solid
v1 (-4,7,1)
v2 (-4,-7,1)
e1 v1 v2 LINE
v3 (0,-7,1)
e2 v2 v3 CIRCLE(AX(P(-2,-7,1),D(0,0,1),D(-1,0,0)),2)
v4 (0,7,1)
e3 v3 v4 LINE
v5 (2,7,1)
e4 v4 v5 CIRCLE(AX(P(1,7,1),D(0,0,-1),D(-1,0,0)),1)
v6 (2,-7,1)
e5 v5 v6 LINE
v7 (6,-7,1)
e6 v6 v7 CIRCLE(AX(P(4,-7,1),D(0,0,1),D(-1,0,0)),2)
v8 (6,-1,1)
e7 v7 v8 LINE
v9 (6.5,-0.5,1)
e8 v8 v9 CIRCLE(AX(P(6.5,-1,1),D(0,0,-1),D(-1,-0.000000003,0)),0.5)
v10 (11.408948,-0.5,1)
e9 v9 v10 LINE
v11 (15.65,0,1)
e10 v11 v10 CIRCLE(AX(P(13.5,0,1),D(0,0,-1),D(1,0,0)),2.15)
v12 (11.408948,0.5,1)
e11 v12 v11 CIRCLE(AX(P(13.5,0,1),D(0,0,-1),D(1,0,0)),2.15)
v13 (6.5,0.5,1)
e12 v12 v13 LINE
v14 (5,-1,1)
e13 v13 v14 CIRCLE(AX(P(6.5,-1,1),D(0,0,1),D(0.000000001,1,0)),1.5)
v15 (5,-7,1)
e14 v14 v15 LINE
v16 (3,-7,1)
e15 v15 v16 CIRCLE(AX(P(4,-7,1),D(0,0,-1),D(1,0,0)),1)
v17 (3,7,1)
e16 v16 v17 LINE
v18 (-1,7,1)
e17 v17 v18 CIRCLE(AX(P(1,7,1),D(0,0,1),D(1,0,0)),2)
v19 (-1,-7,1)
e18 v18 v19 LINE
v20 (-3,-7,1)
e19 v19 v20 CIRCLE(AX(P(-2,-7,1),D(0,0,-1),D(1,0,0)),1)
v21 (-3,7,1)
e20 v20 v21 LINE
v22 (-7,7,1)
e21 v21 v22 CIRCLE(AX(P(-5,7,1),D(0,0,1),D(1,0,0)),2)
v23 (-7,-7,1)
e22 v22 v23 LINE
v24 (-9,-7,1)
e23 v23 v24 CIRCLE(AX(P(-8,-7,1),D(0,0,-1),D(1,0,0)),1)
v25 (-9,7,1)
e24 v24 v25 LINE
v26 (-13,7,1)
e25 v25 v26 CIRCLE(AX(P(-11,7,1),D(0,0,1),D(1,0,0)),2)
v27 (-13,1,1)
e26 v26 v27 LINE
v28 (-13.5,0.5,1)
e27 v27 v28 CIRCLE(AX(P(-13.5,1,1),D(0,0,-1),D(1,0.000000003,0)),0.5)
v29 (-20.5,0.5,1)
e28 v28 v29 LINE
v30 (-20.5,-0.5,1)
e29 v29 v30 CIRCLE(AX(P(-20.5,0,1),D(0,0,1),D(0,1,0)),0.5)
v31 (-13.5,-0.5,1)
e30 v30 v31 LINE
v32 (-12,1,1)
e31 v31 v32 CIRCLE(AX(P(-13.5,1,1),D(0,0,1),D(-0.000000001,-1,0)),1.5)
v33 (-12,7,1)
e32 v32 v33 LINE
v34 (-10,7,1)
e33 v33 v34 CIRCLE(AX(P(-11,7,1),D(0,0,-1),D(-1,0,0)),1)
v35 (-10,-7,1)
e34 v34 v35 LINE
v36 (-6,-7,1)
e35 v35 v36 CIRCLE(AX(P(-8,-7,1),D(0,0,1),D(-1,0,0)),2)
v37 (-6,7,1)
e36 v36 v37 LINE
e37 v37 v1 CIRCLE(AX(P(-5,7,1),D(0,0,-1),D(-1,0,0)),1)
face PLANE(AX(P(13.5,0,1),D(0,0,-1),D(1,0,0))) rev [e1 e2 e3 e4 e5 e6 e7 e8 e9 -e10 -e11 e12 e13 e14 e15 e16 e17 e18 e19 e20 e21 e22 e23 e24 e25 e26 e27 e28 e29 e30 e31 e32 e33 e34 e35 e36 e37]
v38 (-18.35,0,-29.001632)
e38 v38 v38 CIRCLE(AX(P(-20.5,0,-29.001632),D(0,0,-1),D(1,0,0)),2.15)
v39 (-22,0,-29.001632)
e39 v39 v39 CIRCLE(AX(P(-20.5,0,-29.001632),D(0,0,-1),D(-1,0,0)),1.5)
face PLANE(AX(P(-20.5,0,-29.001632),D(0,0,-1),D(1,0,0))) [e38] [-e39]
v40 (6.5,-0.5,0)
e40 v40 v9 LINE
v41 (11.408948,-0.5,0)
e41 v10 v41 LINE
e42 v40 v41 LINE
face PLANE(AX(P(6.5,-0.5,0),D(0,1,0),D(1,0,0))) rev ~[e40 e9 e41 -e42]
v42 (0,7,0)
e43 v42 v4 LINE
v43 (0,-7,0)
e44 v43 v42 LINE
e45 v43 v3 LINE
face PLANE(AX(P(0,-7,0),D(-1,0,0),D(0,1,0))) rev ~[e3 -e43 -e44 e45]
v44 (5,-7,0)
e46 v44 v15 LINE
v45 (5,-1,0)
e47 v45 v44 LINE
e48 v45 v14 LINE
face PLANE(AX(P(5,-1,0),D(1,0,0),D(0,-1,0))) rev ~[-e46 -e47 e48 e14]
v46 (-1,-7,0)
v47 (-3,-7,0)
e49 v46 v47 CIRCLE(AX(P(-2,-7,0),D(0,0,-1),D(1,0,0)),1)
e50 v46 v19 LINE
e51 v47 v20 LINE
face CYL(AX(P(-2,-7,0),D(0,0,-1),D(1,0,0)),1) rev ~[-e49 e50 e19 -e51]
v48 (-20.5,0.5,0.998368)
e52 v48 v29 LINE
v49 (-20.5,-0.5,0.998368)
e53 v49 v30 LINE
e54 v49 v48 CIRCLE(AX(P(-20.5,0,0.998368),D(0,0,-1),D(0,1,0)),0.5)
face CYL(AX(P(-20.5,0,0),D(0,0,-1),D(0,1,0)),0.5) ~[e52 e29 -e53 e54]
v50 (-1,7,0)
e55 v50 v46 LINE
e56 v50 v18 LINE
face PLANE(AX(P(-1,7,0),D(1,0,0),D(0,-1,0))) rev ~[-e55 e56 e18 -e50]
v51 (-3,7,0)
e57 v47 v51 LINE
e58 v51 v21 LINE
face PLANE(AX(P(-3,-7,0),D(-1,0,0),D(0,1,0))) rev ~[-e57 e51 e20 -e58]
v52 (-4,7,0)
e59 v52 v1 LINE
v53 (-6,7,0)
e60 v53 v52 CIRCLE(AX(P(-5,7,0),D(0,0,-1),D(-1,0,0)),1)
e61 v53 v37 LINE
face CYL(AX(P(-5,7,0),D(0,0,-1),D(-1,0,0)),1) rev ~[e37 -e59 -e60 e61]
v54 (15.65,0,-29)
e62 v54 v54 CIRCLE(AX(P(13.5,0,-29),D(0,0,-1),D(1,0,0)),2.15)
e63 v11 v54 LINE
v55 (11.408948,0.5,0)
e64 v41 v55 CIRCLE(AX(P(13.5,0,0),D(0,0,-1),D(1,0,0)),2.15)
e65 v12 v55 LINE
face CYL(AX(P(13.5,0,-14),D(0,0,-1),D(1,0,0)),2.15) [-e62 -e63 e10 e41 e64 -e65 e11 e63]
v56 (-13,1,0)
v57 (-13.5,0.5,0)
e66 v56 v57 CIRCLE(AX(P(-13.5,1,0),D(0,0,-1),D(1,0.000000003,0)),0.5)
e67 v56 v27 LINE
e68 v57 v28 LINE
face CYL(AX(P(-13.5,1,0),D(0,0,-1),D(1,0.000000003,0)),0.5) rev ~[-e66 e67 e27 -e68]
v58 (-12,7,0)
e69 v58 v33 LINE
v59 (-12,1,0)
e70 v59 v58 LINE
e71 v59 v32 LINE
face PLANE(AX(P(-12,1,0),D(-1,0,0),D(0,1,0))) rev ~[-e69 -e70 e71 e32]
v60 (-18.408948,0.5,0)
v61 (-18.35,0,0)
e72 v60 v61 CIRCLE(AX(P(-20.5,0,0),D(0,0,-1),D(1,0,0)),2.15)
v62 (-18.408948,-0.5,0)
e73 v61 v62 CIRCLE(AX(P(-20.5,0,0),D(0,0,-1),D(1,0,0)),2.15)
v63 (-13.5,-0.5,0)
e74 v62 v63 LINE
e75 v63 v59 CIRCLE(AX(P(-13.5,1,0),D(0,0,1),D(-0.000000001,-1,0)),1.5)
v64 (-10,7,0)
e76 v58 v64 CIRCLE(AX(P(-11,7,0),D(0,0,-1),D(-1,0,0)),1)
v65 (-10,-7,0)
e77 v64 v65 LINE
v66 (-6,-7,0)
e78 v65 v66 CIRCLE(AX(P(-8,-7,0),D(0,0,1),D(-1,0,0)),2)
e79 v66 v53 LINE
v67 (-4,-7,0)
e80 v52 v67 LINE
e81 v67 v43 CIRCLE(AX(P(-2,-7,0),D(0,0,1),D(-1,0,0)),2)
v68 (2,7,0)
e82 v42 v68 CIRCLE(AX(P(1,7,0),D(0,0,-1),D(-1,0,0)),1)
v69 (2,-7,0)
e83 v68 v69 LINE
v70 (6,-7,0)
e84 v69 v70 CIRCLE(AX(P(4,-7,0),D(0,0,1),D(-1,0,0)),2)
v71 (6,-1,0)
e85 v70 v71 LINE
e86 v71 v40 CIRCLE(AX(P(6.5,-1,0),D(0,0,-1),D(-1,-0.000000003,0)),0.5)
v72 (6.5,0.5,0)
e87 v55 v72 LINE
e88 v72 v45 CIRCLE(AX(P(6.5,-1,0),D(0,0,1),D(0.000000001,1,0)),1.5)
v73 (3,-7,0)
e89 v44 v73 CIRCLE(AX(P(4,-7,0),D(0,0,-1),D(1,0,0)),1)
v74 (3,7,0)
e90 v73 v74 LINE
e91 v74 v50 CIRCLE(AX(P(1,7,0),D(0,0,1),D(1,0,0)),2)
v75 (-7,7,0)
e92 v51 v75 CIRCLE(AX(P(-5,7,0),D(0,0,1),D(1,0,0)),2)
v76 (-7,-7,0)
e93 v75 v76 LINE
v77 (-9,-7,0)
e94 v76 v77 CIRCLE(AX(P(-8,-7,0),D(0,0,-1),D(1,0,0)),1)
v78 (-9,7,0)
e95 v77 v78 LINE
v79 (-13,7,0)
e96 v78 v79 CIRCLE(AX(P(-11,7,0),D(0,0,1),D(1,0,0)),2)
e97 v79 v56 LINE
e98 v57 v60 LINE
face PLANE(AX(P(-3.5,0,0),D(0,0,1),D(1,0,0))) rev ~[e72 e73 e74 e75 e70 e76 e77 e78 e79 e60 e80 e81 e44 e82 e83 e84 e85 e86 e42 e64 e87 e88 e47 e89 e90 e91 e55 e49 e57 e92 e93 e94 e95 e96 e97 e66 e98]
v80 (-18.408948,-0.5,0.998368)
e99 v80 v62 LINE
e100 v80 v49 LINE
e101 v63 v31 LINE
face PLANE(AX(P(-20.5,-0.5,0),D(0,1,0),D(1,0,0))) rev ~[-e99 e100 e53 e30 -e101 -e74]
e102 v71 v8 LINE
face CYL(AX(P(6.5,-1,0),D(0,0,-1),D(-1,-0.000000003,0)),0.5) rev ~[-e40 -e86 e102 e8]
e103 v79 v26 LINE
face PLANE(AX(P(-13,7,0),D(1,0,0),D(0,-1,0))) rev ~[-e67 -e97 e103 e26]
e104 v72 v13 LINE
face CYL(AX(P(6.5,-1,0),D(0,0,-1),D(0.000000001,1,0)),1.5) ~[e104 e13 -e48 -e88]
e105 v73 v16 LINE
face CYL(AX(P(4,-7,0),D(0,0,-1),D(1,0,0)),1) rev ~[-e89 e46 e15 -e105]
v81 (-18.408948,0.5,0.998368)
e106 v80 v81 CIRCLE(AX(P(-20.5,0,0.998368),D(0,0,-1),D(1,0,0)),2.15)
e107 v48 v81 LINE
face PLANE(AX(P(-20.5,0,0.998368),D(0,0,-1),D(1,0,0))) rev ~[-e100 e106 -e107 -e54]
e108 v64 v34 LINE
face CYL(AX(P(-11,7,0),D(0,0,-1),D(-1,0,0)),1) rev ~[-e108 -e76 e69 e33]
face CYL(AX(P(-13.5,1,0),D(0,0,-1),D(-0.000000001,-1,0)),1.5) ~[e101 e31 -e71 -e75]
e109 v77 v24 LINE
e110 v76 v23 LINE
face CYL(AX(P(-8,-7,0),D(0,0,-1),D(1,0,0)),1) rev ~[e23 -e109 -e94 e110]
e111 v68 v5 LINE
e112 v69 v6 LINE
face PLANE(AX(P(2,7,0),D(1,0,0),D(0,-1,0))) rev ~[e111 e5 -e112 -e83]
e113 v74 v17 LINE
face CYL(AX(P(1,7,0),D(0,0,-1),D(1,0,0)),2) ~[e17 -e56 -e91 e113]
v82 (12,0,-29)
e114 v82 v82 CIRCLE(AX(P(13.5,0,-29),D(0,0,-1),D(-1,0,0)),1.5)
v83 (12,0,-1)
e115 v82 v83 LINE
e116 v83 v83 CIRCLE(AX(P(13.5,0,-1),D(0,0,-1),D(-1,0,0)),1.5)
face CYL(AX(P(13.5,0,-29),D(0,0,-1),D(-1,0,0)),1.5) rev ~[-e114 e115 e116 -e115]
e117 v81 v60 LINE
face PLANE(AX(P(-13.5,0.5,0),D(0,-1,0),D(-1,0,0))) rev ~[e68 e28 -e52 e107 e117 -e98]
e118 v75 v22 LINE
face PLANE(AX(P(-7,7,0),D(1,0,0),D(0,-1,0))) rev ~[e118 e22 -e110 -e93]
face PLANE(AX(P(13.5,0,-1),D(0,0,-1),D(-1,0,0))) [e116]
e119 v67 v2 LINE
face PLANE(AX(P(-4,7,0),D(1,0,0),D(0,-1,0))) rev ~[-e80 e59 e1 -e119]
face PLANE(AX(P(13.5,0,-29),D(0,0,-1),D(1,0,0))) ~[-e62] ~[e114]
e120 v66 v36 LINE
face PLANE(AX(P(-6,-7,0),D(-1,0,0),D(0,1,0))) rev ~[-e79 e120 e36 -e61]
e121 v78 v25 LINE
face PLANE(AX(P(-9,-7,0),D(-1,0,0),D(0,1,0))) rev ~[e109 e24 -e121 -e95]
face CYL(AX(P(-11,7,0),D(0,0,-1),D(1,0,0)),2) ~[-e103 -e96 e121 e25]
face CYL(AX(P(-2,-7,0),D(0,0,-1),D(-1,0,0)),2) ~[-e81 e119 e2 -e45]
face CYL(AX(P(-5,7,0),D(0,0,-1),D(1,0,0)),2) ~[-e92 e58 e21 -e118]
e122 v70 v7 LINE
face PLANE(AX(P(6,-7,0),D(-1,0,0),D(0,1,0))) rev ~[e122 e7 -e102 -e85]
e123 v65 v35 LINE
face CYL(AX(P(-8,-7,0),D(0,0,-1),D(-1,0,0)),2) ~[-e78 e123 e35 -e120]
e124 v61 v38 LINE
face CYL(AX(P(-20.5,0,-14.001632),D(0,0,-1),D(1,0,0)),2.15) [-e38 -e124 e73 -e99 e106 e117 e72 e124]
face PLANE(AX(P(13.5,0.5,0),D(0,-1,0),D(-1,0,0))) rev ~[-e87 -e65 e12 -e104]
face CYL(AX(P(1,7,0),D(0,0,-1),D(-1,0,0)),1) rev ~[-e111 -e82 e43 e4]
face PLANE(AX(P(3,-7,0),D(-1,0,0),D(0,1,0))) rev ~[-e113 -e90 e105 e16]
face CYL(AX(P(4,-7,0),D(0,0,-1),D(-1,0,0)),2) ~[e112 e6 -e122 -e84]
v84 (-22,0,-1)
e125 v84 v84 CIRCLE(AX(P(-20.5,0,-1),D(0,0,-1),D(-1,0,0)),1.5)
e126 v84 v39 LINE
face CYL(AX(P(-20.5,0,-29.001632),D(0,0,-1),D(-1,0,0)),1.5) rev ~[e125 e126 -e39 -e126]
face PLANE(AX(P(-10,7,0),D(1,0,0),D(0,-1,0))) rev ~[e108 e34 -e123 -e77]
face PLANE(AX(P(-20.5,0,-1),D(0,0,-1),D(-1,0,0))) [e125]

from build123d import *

# Parameters (mm, degrees)
BOSS_EXTRUDE1_DEPTH = 1
SKETCH3_W           = 2.15
SKETCH3_H           = 30
SKETCH4_W           = 2.15
SKETCH4_H           = 30
SKETCH5_R           = 1.5
CUT_EXTRUDE1_DEPTH  = 28
SKETCH6_R           = 1.5
CUT_EXTRUDE2_DEPTH  = 28


with BuildPart() as part:
    # Sketch2 → Boss-Extrude1 (new body)
    with BuildSketch(Plane.XY):
        with BuildLine():
            Line((-20.5, -0.5), (-13.5, -0.5))
            ThreePointArc((-13.5, -0.5), (-12.439339828, -0.060660172), (-12, 1))
            Line((-12, 1), (-12, 7))
            ThreePointArc((-12, 7), (-11, 8), (-10, 7))
            Line((-10, 7), (-10, 0))
            Line((-10, 0), (-10, -7))
            ThreePointArc((-10, -7), (-8, -9), (-6, -7))
            Line((-6, -7), (-6, 0))
            Line((-6, 0), (-6, 7))
            ThreePointArc((-6, 7), (-5, 8), (-4, 7))
            Line((-4, 7), (-4, 0))
            Line((-4, 0), (-4, -7))
            ThreePointArc((-4, -7), (-2, -9), (0, -7))
            Line((0, -7), (0, 0))
            Line((0, 0), (0, 7))
            ThreePointArc((0, 7), (1, 8), (2, 7))
            Line((2, 7), (2, 0))
            Line((2, 0), (2, -7))
            ThreePointArc((2, -7), (4, -9), (6, -7))
            Line((6, -7), (6, -1))
            ThreePointArc((6, -1), (6.146446609, -0.646446609), (6.5, -0.5))
            Line((6.5, -0.5), (13.5, -0.5))
            ThreePointArc((13.5, -0.5), (14, 0), (13.5, 0.5))
            Line((13.5, 0.5), (6.5, 0.5))
            ThreePointArc((6.5, 0.5), (5.439339828, 0.060660172), (5, -1))
            Line((5, -1), (5, -7))
            ThreePointArc((5, -7), (4, -8), (3, -7))
            Line((3, -7), (3, 0))
            Line((3, 0), (3, 7))
            ThreePointArc((3, 7), (1, 9), (-1, 7))
            Line((-1, 7), (-1, 0))
            Line((-1, 0), (-1, -7))
            ThreePointArc((-1, -7), (-2, -8), (-3, -7))
            Line((-3, -7), (-3, 0))
            Line((-3, 0), (-3, 7))
            ThreePointArc((-3, 7), (-5, 9), (-7, 7))
            Line((-7, 7), (-7, 0))
            Line((-7, 0), (-7, -7))
            ThreePointArc((-7, -7), (-8, -8), (-9, -7))
            Line((-9, -7), (-9, 0))
            Line((-9, 0), (-9, 7))
            ThreePointArc((-9, 7), (-11, 9), (-13, 7))
            Line((-13, 7), (-13, 1))
            ThreePointArc((-13, 1), (-13.146446609, 0.646446609), (-13.5, 0.5))
            Line((-13.5, 0.5), (-20.5, 0.5))
            ThreePointArc((-20.5, 0.5), (-21, 0), (-20.5, -0.5))
        make_face()
    extrude(amount=BOSS_EXTRUDE1_DEPTH)

    # Sketch3 → Revolve1 (revolve)
    with BuildSketch(Plane(origin=(0, 0, 0), x_dir=(1, 0, 0), z_dir=(0, 1, 0)), mode=Mode.PRIVATE) as revolve1_sk:
        with Locations((-21.575, 14.001632273)):
            Rectangle(SKETCH3_W, SKETCH3_H)
    revolve(revolve1_sk.sketch.rotate(Axis((-20.5, 0, 0.998367727), (0, 0, -1)), 180), axis=Axis((-20.5, 0, 0.998367727), (0, 0, -1)))

    # Sketch4 → Revolve2 (revolve)
    with BuildSketch(Plane(origin=(0, 0, 0), x_dir=(1, 0, 0), z_dir=(0, 1, 0))):
        with Locations((14.575, 14)):
            Rectangle(SKETCH4_W, SKETCH4_H)
    revolve(axis=Axis((13.5, 0, 1), (0, 0, -1)))

    # Sketch5 → Cut-Extrude1 (cut)
    with BuildSketch(Plane(origin=(0, 0, -29), x_dir=(-1, 0, 0), z_dir=(0, 0, -1))):
        with Locations((-13.5, 0)):
            Circle(SKETCH5_R)
        with Locations((20.5, 0)):
            Circle(SKETCH5_R)
    extrude(amount=-CUT_EXTRUDE1_DEPTH, mode=Mode.SUBTRACT)

    # Sketch6 → Cut-Extrude2 (cut)
    with BuildSketch(Plane(origin=(0, 0, -29.001632273), x_dir=(-1, 0, 0), z_dir=(0, 0, -1))):
        with Locations((20.5, 0)):
            Circle(SKETCH6_R)
    extrude(amount=-CUT_EXTRUDE2_DEPTH, mode=Mode.SUBTRACT)


solid = part.part
